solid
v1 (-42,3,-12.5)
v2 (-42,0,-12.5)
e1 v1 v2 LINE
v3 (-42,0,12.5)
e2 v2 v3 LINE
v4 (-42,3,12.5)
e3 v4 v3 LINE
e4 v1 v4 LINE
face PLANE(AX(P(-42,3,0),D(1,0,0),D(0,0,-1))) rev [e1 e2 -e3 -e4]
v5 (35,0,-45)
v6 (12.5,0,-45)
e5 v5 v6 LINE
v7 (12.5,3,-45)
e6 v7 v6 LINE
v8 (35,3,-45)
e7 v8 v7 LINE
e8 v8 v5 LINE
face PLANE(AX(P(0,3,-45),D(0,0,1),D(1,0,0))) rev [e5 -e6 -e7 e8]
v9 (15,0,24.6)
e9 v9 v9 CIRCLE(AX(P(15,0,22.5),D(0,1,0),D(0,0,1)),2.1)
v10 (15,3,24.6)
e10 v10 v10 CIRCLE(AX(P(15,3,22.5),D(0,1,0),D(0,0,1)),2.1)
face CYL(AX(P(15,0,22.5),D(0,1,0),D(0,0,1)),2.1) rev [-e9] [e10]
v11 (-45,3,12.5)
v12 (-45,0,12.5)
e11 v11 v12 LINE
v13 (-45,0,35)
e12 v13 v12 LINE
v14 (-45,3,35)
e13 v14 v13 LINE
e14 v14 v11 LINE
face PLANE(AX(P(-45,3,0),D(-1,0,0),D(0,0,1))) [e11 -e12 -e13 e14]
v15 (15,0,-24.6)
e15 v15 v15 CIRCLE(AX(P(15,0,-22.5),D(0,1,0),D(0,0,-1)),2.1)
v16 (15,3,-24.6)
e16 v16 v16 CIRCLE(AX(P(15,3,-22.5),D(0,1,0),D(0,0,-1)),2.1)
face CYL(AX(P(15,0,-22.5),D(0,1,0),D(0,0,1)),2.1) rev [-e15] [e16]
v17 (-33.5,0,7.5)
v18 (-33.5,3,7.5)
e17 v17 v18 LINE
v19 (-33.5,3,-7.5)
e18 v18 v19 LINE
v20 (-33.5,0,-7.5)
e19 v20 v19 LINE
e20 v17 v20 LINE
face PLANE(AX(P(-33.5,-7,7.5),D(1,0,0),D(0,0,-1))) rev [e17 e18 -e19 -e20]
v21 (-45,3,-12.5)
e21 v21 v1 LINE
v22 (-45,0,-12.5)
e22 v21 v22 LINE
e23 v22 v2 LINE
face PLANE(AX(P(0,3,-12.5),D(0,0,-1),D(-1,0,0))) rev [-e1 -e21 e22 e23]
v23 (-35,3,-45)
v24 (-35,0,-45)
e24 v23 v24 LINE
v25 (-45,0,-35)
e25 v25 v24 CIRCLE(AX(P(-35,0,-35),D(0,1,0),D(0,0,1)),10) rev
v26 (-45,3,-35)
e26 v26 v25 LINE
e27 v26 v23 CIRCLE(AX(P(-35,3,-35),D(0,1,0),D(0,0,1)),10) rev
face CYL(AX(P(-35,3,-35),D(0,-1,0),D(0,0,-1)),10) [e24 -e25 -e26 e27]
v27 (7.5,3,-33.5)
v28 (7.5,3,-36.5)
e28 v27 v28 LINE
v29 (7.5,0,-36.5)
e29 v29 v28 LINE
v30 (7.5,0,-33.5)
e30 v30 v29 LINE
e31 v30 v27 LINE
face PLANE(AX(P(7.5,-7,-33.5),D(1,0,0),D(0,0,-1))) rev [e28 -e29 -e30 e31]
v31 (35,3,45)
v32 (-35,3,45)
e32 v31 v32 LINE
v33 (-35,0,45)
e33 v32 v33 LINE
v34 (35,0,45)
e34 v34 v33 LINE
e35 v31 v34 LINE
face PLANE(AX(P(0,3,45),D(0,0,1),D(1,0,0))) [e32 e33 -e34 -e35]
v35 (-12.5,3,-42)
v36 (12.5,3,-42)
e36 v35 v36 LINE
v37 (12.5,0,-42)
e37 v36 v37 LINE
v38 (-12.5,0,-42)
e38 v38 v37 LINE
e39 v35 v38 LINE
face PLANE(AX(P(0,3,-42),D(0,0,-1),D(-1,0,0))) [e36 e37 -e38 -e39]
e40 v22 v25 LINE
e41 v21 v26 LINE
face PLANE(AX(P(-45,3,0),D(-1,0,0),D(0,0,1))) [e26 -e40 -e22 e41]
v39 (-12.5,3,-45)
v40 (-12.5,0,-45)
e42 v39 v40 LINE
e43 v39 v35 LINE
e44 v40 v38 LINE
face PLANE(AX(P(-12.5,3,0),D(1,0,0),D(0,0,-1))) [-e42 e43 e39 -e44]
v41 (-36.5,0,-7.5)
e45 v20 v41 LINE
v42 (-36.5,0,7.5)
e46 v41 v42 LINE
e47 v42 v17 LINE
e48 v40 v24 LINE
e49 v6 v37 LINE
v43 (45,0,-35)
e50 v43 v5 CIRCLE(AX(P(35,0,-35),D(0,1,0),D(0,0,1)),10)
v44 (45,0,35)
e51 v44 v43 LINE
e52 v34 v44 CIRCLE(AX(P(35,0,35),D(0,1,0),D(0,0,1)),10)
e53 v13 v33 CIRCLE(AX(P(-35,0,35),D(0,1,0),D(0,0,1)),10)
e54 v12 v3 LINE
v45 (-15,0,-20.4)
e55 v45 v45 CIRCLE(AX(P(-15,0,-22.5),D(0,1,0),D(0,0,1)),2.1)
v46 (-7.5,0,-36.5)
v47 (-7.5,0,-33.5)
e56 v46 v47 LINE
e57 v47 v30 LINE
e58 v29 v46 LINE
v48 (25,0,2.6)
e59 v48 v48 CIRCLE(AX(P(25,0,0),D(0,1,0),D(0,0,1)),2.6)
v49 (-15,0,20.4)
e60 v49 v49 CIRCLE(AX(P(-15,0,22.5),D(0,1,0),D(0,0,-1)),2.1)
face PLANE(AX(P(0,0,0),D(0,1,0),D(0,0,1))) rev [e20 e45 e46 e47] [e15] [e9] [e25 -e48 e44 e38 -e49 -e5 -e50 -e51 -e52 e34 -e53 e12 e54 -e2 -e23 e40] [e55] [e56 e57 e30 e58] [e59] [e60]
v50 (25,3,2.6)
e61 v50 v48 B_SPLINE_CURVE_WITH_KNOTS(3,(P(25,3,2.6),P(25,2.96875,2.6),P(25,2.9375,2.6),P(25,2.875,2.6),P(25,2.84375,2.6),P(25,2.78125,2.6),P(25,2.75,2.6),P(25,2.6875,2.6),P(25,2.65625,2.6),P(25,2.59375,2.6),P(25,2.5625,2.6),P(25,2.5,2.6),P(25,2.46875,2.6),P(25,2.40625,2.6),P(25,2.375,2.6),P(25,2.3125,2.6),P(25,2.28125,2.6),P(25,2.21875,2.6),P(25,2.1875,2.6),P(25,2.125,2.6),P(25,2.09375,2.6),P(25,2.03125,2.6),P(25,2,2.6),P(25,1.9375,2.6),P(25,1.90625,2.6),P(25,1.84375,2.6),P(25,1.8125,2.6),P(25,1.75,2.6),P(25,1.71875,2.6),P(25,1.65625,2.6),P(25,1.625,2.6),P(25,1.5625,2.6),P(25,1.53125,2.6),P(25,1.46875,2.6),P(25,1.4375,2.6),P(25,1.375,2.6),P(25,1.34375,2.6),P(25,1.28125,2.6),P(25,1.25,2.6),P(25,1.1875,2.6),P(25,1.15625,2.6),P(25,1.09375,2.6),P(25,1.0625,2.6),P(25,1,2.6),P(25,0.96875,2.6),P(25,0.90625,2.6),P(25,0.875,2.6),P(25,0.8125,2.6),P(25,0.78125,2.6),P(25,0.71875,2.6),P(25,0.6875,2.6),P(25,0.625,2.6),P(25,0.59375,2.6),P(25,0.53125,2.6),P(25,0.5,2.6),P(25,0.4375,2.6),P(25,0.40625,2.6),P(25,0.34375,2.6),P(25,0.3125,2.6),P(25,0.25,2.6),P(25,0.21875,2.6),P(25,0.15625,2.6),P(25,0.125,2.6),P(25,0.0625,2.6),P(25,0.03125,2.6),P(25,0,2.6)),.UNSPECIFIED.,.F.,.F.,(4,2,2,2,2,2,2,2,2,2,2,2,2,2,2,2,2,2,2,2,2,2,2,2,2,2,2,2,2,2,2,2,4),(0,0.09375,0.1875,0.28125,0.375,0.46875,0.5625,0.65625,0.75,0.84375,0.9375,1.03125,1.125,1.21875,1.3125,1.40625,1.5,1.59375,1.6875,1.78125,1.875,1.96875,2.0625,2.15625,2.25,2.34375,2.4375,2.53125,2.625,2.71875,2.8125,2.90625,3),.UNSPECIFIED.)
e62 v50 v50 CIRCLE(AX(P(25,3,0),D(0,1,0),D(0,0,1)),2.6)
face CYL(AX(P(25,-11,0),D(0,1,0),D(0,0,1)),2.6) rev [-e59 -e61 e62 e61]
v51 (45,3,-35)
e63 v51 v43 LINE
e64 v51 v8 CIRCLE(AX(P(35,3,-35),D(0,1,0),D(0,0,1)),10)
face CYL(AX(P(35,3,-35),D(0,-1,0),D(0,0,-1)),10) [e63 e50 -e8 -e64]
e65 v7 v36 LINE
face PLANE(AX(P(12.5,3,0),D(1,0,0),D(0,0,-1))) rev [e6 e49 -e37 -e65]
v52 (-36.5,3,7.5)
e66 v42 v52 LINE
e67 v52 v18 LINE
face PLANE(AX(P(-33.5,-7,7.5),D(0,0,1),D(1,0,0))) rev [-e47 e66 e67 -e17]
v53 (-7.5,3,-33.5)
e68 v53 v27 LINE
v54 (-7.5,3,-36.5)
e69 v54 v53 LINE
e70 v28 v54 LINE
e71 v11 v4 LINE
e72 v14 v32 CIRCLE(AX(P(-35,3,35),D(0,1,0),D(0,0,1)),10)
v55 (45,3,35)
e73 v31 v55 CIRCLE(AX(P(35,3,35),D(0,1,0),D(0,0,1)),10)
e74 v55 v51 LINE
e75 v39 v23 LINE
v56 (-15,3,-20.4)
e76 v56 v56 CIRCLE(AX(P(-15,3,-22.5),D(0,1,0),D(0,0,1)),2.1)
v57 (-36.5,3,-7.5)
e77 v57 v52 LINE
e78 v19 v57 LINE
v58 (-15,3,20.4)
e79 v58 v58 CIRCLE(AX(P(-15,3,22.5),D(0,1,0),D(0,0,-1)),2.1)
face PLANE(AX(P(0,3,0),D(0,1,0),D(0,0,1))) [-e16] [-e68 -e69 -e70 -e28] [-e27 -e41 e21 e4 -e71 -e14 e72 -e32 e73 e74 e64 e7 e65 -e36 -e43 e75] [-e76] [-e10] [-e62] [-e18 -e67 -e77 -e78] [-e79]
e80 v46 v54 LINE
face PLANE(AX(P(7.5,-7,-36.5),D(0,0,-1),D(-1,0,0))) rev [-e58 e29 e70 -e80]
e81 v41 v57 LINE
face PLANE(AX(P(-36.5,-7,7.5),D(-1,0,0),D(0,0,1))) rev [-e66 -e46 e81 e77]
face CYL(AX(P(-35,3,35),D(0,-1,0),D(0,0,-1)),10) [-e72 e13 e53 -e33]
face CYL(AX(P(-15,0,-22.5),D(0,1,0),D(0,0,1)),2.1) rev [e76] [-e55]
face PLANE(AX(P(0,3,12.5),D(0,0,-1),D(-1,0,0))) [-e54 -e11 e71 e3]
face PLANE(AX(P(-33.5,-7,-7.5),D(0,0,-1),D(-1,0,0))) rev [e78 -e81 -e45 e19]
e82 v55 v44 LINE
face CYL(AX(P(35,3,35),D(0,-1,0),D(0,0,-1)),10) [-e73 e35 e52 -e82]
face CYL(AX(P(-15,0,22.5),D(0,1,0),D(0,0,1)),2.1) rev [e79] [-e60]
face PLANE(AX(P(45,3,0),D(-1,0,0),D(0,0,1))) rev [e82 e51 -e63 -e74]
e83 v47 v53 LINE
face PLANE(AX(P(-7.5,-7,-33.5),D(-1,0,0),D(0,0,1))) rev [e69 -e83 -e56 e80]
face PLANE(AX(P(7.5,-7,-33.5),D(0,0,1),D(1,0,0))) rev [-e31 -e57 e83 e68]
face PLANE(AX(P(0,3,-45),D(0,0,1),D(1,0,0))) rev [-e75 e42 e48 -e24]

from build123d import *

# Parameters (mm, degrees)
BOSS_EXTRUDE1_DEPTH = 3
SKETCH2_R           = 2.1
CUT_EXTRUDE1_DEPTH  = 3
SKETCH3_W           = 15
SKETCH3_H           = 3
SKETCH3_W_2         = 3
SKETCH3_H_2         = 15
CUT_EXTRUDE2_DEPTH  = 10
SKETCH4_R           = 2.6
CUT_EXTRUDE3_DEPTH  = 14


with BuildPart() as part:
    # Sketch1 → Boss-Extrude1 (new body)
    with BuildSketch(Plane(origin=(0, 0, 0), x_dir=(1, 0, 0), z_dir=(0, 1, 0))):
        with BuildLine():
            Line((-35, -45), (35, -45))
            ThreePointArc((35, -45), (42.071067812, -42.071067812), (45, -35))
            Line((45, -35), (45, 35))
            ThreePointArc((45, 35), (42.071067812, 42.071067812), (35, 45))
            Line((35, 45), (12.5, 45))
            Line((12.5, 45), (12.5, 42))
            Line((12.5, 42), (-12.5, 42))
            Line((-12.5, 42), (-12.5, 45))
            Line((-12.5, 45), (-35, 45))
            ThreePointArc((-35, 45), (-42.071067812, 42.071067812), (-45, 35))
            Line((-45, 35), (-45, 12.5))
            Line((-45, 12.5), (-42, 12.5))
            Line((-42, 12.5), (-42, -12.5))
            Line((-42, -12.5), (-45, -12.5))
            Line((-45, -12.5), (-45, -35))
            ThreePointArc((-45, -35), (-42.071067812, -42.071067812), (-35, -45))
        make_face()
    extrude(amount=BOSS_EXTRUDE1_DEPTH)

    # Sketch2 → Cut-Extrude1 (cut)
    with BuildSketch(Plane(origin=(0, 3, 0), x_dir=(1, 0, 0), z_dir=(0, 1, 0))):
        with Locations(Location((-15, 22.5, 0), (0, 0, 270))):
            Circle(SKETCH2_R)
        with Locations(Location((15, 22.5, 0), (0, 0, 90))):
            Circle(SKETCH2_R)
        with Locations(Location((15, -22.5, 0), (0, 0, 270))):
            Circle(SKETCH2_R)
        with Locations(Location((-15, -22.5, 0), (0, 0, 90))):
            Circle(SKETCH2_R)
    extrude(amount=-CUT_EXTRUDE1_DEPTH, mode=Mode.SUBTRACT)

    # Sketch3 → Cut-Extrude2 (cut)
    with BuildSketch(Plane(origin=(0, 3, 0), x_dir=(1, 0, 0), z_dir=(0, 1, 0))):
        with Locations((0, 35)):
            Rectangle(SKETCH3_W, SKETCH3_H)
        with Locations((-35, 0)):
            Rectangle(SKETCH3_W_2, SKETCH3_H_2)
    extrude(amount=-CUT_EXTRUDE2_DEPTH, mode=Mode.SUBTRACT)

    # Sketch4 → Cut-Extrude3 (cut)
    with BuildSketch(Plane(origin=(0, 3, 0), x_dir=(1, 0, 0), z_dir=(0, 1, 0))):
        with Locations(Location((25, 0, 0), (0, 0, 270))):
            Circle(SKETCH4_R)
    extrude(amount=-CUT_EXTRUDE3_DEPTH, mode=Mode.SUBTRACT)


solid = part.part
